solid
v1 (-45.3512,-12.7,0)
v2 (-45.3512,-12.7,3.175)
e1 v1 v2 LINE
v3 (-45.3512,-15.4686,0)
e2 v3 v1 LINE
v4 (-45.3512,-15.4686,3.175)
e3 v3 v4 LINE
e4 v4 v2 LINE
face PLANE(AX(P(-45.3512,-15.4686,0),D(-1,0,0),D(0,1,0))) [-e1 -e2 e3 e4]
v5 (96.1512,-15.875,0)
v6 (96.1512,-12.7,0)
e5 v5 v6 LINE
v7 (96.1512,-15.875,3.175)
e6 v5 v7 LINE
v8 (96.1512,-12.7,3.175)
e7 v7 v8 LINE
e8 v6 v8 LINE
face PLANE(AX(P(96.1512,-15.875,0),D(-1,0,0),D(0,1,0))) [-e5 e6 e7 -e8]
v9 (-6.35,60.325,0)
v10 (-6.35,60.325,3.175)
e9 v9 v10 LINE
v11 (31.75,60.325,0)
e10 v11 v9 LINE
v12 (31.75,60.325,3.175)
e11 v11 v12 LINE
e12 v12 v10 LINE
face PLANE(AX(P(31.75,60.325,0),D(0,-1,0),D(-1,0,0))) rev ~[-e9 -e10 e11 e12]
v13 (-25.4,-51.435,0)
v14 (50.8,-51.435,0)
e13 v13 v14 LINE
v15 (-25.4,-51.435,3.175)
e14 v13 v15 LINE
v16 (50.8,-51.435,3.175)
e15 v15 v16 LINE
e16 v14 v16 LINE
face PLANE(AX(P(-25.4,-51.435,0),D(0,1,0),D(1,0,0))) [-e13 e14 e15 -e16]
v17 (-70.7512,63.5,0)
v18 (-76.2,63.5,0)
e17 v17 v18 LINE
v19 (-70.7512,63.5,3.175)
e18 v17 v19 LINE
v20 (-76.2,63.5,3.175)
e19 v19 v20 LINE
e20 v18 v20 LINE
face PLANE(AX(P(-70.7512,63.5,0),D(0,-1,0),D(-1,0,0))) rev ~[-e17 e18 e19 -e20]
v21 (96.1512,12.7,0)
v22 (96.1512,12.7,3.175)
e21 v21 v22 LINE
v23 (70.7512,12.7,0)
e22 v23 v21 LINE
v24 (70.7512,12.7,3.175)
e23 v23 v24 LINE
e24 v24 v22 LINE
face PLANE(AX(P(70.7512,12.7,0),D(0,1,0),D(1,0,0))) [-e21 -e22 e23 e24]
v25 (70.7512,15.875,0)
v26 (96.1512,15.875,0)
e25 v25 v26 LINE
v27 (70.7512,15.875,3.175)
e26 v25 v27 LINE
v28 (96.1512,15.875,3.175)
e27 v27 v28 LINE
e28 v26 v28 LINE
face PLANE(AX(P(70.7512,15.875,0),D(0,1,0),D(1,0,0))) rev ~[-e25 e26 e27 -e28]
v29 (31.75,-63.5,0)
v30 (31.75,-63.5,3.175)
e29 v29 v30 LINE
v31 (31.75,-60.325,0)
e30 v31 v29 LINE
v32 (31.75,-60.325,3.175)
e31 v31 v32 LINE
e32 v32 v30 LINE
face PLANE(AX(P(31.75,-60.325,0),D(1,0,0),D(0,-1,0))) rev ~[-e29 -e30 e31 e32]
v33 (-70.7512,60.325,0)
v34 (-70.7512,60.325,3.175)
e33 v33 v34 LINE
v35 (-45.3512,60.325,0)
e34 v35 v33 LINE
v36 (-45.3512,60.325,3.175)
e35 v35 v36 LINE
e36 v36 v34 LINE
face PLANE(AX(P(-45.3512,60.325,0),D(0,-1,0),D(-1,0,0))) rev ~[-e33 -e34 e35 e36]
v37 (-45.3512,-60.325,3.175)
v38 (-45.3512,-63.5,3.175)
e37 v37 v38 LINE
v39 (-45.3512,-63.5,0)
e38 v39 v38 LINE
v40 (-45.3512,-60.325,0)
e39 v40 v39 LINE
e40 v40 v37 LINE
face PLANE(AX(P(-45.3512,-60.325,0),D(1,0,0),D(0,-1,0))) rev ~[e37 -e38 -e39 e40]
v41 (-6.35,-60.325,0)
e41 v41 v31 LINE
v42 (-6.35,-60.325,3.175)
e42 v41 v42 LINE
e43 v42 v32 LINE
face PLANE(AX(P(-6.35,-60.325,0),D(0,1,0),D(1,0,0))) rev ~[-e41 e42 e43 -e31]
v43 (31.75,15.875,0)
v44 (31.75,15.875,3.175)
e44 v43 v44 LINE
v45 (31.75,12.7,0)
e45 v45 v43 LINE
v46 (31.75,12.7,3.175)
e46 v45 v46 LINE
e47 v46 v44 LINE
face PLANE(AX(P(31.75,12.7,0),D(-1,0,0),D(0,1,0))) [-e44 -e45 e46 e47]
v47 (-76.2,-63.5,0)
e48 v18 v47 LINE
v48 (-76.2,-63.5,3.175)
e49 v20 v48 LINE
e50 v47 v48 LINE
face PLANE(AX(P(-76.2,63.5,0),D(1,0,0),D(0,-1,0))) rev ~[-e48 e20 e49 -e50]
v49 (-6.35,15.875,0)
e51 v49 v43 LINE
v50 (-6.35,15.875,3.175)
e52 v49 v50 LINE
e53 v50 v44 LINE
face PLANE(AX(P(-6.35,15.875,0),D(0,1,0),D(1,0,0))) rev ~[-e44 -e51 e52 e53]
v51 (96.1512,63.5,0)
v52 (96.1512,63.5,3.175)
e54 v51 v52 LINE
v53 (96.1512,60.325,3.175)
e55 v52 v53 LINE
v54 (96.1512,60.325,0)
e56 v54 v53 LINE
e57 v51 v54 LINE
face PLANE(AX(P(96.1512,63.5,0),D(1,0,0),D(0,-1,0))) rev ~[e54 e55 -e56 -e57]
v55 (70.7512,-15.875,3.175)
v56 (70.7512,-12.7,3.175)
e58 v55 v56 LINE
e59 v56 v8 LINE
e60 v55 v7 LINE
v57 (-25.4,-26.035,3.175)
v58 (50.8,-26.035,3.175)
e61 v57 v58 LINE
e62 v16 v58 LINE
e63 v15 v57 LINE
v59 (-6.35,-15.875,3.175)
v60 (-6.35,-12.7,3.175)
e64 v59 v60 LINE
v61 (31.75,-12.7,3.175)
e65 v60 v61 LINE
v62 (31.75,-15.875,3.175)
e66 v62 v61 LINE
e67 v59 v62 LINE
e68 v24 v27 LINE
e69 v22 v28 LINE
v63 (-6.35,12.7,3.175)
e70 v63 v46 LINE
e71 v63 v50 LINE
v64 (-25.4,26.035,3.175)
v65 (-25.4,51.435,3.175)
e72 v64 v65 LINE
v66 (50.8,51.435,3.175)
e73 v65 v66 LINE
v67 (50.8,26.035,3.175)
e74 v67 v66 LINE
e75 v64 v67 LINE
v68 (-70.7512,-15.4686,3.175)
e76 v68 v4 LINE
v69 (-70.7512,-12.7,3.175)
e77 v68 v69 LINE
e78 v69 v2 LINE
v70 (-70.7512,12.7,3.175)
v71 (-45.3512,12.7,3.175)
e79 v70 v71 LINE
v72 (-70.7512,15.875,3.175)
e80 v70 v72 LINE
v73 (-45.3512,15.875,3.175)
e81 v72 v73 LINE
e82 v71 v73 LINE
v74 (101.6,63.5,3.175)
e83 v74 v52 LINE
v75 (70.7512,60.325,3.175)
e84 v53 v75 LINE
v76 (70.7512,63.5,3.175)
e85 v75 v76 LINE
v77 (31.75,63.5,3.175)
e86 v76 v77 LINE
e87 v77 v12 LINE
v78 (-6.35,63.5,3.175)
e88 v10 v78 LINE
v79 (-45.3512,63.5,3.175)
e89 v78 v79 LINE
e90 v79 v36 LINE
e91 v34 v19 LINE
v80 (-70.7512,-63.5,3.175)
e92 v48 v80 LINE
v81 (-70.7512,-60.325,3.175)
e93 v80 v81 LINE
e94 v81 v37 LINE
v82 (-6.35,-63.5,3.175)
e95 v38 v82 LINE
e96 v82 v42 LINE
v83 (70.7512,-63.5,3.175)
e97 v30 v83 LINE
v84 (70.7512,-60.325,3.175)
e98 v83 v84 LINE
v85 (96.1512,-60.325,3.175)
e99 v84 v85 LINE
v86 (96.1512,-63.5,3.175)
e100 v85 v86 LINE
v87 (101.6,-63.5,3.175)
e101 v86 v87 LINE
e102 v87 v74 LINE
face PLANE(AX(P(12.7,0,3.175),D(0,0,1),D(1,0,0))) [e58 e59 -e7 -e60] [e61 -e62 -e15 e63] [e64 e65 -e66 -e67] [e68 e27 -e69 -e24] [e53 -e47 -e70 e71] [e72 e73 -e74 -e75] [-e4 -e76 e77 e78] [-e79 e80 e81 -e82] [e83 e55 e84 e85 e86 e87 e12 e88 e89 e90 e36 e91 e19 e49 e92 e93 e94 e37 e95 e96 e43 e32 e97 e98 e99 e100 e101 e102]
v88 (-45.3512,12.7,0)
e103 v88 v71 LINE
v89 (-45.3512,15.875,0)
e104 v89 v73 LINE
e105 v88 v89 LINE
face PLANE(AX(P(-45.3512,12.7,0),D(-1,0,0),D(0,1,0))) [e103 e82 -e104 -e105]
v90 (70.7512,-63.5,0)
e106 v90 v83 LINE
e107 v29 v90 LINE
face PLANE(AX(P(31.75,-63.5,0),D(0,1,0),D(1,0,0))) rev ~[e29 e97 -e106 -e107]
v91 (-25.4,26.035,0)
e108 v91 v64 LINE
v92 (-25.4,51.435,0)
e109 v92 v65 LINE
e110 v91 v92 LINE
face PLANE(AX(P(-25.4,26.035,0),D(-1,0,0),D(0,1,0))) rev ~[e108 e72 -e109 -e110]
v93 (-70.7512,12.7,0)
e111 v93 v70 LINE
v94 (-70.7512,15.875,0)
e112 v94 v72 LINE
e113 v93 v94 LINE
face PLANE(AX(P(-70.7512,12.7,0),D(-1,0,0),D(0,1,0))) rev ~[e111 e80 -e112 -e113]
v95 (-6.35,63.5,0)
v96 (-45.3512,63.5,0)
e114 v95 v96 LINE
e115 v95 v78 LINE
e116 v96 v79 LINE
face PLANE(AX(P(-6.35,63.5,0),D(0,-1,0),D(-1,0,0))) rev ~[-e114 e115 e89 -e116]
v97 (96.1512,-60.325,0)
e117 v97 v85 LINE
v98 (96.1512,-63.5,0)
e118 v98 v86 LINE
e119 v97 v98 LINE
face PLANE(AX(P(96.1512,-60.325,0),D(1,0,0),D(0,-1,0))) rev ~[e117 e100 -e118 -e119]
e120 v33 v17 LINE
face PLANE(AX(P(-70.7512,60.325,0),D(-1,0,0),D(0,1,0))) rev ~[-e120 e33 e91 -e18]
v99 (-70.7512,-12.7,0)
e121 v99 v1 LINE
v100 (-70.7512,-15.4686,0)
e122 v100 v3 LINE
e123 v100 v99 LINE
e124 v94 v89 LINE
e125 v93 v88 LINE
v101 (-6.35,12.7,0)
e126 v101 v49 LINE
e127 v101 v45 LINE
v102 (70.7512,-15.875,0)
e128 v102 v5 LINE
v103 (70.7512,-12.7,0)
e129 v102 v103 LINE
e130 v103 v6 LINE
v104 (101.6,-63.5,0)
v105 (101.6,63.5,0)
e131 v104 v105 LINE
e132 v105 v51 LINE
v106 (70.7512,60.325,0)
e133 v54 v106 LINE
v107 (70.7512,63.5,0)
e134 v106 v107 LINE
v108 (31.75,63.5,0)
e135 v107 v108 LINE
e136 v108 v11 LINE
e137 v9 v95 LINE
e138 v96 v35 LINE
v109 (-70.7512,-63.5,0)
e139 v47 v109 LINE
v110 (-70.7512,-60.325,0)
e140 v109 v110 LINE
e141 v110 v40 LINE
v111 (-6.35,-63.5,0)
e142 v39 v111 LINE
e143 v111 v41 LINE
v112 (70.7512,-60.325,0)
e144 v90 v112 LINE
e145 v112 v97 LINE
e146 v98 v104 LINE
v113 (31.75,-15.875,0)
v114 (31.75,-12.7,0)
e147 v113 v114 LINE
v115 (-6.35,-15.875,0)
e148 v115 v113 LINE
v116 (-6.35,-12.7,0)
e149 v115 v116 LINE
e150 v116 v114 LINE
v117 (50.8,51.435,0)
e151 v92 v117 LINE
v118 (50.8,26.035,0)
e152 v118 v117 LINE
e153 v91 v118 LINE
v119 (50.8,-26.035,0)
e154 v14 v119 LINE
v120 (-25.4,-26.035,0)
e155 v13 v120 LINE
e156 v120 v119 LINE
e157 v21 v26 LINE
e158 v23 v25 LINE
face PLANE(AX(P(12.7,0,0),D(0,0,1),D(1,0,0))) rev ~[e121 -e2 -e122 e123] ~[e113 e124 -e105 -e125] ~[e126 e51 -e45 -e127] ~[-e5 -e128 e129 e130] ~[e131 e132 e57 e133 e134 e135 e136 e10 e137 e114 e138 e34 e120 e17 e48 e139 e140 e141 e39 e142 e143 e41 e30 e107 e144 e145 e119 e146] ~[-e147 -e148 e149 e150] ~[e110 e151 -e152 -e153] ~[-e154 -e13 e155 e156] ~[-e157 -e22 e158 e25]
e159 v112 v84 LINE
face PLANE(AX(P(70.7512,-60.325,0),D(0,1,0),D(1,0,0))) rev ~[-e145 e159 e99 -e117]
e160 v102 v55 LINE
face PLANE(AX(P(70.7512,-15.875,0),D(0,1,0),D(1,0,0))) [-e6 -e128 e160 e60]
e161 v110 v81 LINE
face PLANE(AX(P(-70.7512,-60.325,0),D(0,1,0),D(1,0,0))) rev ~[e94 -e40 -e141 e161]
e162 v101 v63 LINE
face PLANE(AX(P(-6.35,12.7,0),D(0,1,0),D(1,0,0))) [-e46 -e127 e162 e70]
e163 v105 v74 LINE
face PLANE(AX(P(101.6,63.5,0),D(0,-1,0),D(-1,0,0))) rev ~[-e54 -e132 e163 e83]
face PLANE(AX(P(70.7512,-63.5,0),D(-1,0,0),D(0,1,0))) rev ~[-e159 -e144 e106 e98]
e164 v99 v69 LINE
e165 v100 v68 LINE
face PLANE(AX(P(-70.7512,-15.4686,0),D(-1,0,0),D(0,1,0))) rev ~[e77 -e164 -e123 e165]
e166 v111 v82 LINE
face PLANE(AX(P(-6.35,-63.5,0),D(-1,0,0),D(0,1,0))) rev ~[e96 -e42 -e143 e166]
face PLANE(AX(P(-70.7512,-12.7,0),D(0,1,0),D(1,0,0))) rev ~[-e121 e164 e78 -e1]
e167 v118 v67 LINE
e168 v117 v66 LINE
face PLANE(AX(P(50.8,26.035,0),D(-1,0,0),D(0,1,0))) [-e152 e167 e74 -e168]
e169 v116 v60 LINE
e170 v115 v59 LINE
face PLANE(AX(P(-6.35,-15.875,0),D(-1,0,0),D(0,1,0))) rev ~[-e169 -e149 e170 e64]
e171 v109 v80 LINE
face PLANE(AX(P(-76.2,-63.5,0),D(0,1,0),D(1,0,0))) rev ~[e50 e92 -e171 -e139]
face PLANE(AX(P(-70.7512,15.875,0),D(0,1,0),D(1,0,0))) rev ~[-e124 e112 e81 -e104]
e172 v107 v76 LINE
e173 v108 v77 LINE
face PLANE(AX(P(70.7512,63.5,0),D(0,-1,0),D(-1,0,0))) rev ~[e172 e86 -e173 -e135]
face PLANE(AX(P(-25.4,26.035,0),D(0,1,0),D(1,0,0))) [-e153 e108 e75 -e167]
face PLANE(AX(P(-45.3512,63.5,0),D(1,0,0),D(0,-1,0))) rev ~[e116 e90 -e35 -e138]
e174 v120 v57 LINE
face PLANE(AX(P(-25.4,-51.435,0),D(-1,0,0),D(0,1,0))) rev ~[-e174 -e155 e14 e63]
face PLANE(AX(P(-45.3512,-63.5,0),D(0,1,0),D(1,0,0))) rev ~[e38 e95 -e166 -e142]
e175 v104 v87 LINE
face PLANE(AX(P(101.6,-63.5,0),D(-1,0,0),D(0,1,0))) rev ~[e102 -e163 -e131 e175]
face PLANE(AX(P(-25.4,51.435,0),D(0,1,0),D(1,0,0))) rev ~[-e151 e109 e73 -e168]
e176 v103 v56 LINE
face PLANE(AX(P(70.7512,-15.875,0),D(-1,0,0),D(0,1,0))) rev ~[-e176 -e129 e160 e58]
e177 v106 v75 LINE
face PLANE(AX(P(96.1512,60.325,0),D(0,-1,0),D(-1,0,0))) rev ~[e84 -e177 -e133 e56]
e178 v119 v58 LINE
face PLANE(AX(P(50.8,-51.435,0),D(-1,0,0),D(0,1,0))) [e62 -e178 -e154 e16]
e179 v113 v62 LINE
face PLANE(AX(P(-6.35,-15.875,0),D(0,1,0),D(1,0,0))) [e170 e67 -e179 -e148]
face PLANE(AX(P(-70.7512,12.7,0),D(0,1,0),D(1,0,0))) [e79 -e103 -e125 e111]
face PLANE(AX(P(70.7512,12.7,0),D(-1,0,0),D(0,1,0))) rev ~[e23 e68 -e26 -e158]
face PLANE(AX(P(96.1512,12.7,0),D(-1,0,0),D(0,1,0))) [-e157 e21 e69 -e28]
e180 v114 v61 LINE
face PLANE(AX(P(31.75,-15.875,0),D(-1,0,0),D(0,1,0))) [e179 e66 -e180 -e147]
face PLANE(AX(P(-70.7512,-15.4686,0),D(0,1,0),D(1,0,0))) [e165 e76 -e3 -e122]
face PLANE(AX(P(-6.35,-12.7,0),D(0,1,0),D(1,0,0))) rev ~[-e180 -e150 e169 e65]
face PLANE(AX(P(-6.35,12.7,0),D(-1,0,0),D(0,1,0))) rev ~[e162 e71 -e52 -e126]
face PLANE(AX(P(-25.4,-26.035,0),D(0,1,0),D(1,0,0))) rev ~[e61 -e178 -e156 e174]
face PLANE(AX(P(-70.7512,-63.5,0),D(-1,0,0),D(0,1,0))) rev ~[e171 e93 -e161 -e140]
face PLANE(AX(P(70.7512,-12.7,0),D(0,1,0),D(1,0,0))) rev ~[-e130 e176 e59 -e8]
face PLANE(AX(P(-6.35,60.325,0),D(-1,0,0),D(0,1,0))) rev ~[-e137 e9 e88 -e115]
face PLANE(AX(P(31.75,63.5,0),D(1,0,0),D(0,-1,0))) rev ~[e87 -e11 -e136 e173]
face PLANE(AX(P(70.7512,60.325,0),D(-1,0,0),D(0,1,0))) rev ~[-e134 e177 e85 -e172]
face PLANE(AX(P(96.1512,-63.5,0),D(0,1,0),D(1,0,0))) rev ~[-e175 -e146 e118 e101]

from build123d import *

# Parameters (mm, degrees)
F0_W     = 25.4
F0_H     = 2.7686
F0_W_2   = 76.2
F0_H_2   = 25.4
F0_W_3   = 38.1
F0_H_3   = 3.175
F1_DEPTH = 3.175


with BuildPart() as f1:
    # F0 (on Top) → F1 (new body)
    with BuildSketch(Plane.XY):
        Polygon((-70.7512, 63.5), (-76.2, 63.5), (-76.2, -63.5), (-70.7512, -63.5), (-70.7512, -60.325), (-45.3512, -60.325), (-45.3512, -63.5), (-6.35, -63.5), (-6.35, -60.325), (31.75, -60.325), (31.75, -63.5), (70.7512, -63.5), (70.7512, -60.325), (96.1512, -60.325), (96.1512, -63.5), (101.6, -63.5), (101.6, 63.5), (96.1512, 63.5), (96.1512, 60.325), (70.7512, 60.325), (70.7512, 63.5), (31.75, 63.5), (31.75, 60.325), (-6.35, 60.325), (-6.35, 63.5), (-45.3512, 63.5), (-45.3512, 60.325), (-70.7512, 60.325), align=None)
        with Locations((-58.0512, -14.0843)):
            Rectangle(F0_W, F0_H, mode=Mode.SUBTRACT)
        with Locations((12.7, -38.735)):
            Rectangle(F0_W_2, F0_H_2, mode=Mode.SUBTRACT)
        with Locations((12.7, -14.2875)):
            Rectangle(F0_W_3, F0_H_3, mode=Mode.SUBTRACT)
        with Locations((83.4512, -14.2875)):
            Rectangle(F0_W, F0_H_3, mode=Mode.SUBTRACT)
        with Locations((-58.0512, 14.2875)):
            Rectangle(F0_W, F0_H_3, mode=Mode.SUBTRACT)
        with Locations((12.7, 14.2875)):
            Rectangle(F0_W_3, F0_H_3, mode=Mode.SUBTRACT)
        with Locations((83.4512, 14.2875)):
            Rectangle(F0_W, F0_H_3, mode=Mode.SUBTRACT)
        with Locations((12.7, 38.735)):
            Rectangle(F0_W_2, F0_H_2, mode=Mode.SUBTRACT)
    extrude(amount=F1_DEPTH)


solid = f1.part
